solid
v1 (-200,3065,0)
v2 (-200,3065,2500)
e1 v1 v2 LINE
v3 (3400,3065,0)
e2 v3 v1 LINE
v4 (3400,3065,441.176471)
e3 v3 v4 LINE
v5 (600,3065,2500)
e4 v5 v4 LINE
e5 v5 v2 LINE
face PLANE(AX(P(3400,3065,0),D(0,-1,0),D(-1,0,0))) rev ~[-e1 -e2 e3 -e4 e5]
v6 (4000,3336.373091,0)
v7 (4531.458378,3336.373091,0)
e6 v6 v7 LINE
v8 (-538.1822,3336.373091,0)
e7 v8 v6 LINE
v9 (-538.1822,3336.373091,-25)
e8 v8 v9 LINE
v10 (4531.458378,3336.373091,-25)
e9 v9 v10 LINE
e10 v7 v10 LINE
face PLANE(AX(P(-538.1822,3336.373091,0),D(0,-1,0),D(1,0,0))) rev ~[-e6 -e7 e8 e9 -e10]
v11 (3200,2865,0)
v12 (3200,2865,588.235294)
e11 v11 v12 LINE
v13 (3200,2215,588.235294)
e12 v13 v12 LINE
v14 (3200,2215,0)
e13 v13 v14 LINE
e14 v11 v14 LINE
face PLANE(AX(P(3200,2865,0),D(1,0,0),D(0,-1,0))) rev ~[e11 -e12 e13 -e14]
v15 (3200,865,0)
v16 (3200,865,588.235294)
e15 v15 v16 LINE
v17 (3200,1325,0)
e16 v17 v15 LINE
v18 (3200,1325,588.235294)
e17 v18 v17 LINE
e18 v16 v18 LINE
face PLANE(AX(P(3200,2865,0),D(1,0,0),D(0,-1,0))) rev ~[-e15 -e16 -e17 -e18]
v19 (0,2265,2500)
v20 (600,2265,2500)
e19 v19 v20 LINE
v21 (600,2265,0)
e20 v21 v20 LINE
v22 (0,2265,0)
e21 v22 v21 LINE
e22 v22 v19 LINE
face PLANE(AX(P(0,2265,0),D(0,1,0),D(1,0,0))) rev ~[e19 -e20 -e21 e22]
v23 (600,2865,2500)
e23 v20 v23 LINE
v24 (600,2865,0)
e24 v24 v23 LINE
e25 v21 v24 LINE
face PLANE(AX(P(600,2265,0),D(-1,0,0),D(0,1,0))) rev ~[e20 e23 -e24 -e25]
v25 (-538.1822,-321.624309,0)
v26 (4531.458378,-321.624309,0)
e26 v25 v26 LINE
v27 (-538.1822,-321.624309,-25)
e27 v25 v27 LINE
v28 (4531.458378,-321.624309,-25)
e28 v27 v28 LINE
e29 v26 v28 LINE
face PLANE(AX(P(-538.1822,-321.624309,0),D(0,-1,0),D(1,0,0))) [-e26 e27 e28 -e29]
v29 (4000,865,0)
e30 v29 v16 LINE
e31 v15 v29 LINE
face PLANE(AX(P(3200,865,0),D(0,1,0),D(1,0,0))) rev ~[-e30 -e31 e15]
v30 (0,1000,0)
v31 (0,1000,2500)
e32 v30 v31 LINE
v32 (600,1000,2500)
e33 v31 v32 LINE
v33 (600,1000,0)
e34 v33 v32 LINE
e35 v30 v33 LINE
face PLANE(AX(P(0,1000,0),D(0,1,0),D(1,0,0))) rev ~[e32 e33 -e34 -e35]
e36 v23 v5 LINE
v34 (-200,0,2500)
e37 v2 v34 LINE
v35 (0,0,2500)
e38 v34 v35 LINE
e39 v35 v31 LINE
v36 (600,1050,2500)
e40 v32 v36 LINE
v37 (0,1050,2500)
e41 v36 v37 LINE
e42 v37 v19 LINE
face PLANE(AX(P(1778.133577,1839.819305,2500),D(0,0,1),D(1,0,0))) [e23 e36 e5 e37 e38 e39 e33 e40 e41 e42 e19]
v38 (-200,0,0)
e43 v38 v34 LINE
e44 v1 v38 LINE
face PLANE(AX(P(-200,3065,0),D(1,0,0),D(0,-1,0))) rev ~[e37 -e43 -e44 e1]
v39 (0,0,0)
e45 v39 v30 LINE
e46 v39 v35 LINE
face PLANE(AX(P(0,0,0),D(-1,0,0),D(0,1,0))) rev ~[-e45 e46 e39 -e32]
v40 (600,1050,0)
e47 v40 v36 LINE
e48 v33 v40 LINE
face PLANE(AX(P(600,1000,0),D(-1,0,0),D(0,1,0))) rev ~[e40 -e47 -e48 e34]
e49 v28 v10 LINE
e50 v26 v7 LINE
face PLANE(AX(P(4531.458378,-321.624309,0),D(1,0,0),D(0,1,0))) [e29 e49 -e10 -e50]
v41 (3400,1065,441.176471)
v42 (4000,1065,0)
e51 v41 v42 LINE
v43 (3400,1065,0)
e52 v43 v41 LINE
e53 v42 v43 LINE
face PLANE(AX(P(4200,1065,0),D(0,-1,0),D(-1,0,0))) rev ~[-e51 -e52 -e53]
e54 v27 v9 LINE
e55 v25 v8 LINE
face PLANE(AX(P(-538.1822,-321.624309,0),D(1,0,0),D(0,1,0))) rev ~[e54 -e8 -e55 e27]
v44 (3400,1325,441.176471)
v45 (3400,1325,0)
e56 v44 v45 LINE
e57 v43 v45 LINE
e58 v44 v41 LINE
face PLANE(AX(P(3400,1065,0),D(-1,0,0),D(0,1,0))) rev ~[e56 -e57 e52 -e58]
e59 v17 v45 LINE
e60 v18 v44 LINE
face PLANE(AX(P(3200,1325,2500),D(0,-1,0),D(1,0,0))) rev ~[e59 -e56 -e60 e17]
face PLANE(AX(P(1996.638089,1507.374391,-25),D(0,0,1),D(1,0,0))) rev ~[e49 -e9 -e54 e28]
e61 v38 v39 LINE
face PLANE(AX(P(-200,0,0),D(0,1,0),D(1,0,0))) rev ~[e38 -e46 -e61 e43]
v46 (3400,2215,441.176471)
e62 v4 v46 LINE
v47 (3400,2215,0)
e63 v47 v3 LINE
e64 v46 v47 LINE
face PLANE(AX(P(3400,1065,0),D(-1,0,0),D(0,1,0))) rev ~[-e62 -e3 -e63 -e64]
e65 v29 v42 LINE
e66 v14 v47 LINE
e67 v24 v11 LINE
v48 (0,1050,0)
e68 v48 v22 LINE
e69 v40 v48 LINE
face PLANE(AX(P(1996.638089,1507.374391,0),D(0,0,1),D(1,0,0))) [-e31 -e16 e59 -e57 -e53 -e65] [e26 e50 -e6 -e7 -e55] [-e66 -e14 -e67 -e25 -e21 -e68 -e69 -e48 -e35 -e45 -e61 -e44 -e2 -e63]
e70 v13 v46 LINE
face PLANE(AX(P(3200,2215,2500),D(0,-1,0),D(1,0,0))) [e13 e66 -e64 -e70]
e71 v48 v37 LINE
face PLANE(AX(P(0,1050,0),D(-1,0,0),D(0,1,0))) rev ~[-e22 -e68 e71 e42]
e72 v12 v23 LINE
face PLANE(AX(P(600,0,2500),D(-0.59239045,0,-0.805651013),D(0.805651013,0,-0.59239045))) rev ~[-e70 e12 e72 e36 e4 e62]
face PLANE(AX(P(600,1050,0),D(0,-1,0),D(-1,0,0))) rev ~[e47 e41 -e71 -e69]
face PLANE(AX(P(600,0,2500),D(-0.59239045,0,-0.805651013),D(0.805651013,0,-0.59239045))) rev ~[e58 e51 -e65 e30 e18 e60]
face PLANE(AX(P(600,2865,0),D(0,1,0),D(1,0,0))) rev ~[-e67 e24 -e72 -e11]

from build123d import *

# Parameters (mm, degrees)
F2_DEPTH = 2500
F1_W     = 5069.640577
F1_H     = 3657.9974
F3_DEPTH = 25
F4_W     = 200
F4_H     = 890
F4_H_2   = 1065
F5_DEPTH = 2500
F7_DEPTH = 3336.374091


with BuildPart() as f2:
    # F0 (on Top) → F2 (new body)
    with BuildSketch(Plane.XY):
        Polygon((-200, 0), (0, 0), (0, 1000), (600, 1000), (600, 1050), (0, 1050), (0, 2265), (600, 2265), (600, 2865), (3200, 2865), (3200, 865), (4000, 865), (4000, 0), (4200, 0), (4200, 1065), (3400, 1065), (3400, 3065), (-200, 3065), align=None)
    extrude(amount=F2_DEPTH)

    # F1 (on Top) → F3 (join)
    with BuildSketch(Plane.XY):
        with Locations((1996.638089, 1507.374391)):
            Rectangle(F1_W, F1_H)
    extrude(amount=-F3_DEPTH)

    # F4 (on face) → F5 (cut, through all)
    with BuildSketch(Plane.XY.offset(2500)):
        with Locations((3300, 1770)):
            Rectangle(F4_W, F4_H)
        with Locations((4100, 532.5)):
            Rectangle(F4_W, F4_H_2)
    extrude(amount=-F5_DEPTH, mode=Mode.SUBTRACT)

    # F6 (on face) → F7 (cut, through all)
    with BuildSketch(Plane.XZ):
        Polygon((4000, 2500), (600, 2500), (4000, 0), align=None)
    extrude(amount=-F7_DEPTH, mode=Mode.SUBTRACT)


solid = f2.part
